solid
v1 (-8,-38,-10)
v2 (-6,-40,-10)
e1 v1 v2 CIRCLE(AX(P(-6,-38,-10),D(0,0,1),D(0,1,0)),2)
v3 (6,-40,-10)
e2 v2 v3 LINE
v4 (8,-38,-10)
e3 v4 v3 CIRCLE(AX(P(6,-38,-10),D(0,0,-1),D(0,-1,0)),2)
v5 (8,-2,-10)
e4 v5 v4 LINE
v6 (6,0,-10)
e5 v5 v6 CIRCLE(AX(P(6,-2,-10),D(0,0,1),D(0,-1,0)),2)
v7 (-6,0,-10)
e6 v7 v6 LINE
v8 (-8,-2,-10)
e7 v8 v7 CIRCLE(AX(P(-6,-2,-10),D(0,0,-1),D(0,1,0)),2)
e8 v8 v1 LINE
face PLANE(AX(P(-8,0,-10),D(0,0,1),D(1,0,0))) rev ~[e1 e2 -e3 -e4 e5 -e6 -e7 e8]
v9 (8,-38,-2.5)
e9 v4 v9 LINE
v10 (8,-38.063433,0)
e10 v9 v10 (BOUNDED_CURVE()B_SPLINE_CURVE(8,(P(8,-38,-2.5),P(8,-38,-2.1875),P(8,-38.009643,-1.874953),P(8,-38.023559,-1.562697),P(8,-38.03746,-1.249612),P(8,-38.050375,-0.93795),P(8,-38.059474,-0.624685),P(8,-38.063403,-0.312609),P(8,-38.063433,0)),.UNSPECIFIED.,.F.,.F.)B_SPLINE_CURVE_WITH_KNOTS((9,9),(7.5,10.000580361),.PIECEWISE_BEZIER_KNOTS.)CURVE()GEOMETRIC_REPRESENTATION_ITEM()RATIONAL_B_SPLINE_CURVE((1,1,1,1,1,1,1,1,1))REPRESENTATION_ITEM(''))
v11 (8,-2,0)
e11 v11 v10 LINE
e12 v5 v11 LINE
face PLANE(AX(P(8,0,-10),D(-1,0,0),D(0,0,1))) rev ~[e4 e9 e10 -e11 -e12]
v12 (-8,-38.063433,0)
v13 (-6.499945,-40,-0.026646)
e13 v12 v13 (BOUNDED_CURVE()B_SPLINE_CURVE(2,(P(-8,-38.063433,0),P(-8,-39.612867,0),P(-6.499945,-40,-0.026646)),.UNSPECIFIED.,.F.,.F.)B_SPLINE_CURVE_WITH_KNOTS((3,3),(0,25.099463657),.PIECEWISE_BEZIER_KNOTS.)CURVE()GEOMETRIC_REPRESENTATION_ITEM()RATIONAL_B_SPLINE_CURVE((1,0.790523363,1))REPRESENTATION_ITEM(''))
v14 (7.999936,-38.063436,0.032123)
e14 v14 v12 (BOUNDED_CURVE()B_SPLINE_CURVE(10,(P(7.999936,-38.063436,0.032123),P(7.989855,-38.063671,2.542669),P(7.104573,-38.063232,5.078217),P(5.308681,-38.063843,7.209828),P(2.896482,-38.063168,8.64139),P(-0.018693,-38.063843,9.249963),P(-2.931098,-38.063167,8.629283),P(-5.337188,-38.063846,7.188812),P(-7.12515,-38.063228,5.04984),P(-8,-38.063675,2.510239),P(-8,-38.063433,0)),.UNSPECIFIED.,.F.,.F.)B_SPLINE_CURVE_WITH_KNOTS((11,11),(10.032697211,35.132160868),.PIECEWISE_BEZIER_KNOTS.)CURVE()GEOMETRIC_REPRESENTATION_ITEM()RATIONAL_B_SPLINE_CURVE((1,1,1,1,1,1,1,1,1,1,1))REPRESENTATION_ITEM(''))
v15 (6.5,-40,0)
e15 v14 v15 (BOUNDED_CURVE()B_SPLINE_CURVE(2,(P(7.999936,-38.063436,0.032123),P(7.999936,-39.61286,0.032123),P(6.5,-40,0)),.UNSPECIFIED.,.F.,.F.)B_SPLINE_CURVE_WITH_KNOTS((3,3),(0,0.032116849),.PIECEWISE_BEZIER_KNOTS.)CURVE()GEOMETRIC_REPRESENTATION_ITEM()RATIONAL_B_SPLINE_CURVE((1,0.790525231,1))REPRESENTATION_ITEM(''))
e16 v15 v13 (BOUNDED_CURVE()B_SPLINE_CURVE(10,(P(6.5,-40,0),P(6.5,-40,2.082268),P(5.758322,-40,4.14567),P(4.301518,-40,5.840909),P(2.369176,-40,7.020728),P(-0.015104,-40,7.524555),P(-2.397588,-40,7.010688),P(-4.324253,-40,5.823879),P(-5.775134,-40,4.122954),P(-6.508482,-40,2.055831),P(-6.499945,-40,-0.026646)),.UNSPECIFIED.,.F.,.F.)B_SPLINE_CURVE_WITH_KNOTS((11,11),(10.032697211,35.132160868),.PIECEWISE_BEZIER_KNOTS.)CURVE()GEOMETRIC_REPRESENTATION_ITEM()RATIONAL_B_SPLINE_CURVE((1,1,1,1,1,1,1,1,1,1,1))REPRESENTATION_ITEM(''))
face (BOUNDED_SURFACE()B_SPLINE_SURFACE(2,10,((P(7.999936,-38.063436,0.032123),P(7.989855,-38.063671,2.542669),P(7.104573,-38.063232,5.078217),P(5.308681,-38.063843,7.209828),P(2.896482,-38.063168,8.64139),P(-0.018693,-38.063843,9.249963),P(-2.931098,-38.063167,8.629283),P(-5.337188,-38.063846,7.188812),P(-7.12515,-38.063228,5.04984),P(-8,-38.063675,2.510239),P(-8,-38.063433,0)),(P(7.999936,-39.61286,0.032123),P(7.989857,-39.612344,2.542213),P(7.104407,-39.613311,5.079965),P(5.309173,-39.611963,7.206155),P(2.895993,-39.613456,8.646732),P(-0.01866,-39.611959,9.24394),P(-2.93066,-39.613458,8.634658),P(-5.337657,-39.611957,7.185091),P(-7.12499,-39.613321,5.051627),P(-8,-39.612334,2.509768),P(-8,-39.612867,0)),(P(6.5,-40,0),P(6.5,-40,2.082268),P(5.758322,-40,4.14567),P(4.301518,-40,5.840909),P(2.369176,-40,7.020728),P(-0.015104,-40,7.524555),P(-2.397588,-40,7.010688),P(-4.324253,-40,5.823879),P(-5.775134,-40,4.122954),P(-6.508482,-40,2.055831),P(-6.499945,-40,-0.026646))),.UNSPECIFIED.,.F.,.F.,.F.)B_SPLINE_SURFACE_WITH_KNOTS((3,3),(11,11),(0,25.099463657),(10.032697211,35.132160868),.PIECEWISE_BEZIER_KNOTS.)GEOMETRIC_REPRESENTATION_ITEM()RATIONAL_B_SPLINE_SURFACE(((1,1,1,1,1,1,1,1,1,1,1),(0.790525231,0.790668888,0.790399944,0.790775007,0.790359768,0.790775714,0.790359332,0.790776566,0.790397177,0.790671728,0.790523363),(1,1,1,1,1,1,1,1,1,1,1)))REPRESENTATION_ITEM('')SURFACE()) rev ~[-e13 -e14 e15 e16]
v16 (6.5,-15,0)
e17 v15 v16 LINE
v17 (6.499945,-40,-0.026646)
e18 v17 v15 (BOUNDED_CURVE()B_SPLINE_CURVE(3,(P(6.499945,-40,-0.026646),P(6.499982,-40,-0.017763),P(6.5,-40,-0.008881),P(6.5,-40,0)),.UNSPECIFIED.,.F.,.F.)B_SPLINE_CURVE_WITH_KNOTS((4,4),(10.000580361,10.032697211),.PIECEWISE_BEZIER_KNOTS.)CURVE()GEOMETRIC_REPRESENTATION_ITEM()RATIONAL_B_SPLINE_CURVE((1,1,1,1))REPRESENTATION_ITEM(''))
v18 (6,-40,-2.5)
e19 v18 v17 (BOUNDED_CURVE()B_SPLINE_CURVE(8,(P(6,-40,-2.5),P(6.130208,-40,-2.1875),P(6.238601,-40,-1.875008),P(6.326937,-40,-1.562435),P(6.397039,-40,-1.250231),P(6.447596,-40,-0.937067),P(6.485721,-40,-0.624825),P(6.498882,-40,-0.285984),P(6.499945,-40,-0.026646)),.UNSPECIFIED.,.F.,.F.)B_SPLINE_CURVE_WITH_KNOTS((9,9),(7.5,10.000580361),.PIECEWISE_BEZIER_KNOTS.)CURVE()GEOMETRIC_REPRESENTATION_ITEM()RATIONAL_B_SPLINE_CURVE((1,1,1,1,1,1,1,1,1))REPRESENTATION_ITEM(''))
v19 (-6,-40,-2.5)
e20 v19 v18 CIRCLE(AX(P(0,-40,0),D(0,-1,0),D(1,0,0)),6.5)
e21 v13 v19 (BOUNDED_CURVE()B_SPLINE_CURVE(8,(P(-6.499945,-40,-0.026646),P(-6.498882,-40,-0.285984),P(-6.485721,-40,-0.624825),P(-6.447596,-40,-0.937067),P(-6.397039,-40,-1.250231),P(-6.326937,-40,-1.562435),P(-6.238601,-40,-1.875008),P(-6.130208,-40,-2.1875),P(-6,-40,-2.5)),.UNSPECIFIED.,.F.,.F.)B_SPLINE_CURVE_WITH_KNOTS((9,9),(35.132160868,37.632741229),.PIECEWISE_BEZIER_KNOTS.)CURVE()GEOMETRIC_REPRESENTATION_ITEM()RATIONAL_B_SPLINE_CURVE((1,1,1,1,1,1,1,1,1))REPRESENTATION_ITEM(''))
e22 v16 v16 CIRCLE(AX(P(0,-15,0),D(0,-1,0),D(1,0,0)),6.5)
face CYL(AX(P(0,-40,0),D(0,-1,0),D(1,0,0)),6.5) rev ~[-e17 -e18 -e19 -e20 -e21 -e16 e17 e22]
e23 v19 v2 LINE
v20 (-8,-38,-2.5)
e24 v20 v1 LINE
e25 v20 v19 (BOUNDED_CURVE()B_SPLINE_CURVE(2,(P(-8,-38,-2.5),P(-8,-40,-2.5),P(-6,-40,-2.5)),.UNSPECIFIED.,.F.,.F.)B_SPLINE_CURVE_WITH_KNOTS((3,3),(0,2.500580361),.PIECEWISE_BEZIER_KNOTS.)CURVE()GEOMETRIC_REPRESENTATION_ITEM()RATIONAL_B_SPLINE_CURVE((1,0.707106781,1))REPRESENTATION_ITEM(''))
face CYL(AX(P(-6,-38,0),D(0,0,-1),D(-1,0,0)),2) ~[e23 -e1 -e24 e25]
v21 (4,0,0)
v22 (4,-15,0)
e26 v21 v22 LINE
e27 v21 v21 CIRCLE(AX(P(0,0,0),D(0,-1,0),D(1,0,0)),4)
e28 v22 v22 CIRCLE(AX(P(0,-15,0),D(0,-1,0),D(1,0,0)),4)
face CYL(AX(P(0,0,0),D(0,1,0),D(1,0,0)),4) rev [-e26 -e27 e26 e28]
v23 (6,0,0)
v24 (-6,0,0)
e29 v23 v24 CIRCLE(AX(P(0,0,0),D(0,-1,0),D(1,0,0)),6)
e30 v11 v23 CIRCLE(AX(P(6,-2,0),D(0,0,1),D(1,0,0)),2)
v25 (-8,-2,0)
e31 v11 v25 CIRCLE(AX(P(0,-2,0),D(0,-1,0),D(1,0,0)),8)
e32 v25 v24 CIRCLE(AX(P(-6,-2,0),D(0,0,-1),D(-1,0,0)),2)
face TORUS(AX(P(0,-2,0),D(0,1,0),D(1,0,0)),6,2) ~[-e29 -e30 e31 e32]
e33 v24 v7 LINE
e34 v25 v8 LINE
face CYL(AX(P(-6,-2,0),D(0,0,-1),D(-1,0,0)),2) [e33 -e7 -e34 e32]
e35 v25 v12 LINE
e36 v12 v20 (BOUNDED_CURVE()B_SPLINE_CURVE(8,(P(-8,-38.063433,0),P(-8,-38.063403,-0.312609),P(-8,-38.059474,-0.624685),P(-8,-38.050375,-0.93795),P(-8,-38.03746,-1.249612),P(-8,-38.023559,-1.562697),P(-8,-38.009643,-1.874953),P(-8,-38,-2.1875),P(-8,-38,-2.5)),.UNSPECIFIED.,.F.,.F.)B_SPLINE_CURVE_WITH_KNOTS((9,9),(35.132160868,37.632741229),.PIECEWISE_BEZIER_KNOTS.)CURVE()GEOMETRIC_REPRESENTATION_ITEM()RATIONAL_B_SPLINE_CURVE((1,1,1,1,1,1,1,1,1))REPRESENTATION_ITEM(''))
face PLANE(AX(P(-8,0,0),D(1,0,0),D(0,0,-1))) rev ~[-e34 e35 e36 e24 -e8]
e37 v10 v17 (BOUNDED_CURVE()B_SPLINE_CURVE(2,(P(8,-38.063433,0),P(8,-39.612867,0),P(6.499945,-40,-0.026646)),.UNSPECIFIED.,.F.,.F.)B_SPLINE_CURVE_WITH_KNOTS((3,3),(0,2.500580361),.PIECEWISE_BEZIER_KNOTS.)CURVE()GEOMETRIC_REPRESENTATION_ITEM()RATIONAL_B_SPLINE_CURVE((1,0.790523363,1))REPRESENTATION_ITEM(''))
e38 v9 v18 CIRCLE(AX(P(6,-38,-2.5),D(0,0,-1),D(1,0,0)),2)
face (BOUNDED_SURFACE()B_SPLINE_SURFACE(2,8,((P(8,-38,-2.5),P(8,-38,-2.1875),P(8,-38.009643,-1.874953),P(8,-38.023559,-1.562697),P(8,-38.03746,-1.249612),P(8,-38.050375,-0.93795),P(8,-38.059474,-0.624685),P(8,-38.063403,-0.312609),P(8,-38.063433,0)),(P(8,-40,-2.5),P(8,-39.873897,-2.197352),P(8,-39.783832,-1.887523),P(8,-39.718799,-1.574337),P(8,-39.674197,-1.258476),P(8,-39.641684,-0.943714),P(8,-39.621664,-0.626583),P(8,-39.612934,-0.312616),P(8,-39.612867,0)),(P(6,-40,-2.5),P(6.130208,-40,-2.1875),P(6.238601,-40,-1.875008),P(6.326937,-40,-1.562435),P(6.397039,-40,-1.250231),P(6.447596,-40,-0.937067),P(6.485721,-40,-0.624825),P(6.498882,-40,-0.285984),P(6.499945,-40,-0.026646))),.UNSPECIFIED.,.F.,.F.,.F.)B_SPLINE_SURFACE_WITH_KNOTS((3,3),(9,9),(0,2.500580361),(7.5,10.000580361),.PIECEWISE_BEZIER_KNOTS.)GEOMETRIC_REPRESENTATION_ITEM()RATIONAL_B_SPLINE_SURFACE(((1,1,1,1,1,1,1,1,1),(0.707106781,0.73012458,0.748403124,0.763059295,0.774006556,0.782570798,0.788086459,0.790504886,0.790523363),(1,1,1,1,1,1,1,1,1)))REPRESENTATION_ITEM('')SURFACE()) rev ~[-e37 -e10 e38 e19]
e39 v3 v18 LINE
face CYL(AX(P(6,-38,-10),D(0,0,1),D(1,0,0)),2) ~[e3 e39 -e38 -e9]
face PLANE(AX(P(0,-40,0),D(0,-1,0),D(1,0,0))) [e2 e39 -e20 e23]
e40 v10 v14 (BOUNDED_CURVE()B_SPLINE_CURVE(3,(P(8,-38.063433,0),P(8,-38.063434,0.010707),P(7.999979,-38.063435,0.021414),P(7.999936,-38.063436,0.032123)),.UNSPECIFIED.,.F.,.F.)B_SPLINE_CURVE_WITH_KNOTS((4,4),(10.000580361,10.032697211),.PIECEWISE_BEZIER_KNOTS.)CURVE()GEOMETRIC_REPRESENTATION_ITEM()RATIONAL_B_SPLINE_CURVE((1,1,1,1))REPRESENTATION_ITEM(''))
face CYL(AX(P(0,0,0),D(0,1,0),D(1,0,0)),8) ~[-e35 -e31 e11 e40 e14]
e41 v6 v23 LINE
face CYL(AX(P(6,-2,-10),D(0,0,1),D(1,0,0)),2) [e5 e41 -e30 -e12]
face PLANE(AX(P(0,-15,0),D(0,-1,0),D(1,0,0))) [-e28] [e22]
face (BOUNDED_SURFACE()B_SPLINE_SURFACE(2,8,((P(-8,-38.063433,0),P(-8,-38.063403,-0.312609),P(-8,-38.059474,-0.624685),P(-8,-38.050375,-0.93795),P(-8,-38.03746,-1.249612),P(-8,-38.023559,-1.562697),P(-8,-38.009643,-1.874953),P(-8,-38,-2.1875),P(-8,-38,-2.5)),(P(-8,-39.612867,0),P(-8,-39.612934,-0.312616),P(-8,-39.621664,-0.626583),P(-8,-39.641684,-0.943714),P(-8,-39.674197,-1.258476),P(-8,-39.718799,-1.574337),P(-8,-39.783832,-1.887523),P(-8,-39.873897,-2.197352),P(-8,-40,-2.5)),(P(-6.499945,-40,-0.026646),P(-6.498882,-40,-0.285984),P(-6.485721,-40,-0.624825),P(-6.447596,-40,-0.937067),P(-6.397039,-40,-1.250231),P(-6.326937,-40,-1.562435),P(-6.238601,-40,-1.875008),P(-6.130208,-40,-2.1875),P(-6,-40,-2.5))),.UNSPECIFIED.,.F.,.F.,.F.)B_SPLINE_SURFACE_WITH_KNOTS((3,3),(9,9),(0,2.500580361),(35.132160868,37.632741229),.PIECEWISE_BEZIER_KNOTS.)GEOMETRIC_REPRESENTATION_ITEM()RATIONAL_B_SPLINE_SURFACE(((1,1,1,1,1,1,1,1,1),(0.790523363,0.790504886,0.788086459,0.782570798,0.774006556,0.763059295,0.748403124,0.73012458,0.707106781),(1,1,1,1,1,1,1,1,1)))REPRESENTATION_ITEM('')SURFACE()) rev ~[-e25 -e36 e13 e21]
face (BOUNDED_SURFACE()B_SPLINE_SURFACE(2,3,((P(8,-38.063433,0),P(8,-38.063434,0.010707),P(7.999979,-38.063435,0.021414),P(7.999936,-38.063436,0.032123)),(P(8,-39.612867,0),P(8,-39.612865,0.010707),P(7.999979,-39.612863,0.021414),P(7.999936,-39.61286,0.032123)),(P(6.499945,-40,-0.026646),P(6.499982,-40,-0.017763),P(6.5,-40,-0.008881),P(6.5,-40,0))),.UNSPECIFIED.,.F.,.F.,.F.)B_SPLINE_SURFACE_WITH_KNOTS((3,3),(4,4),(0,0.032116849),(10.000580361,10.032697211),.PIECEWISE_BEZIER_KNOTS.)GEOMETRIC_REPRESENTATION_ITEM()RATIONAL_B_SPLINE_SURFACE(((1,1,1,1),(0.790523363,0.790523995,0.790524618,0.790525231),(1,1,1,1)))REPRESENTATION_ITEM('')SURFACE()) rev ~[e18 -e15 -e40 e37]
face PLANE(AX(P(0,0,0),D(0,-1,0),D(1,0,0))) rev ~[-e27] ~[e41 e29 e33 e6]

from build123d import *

# Parameters (mm, degrees)
F0_R     = 4
F1_DEPTH = 40
F2_R     = 6.5
F2_R_2   = 4
F3_DEPTH = 25
F4_R     = 2


with BuildPart() as f1:
    # F0 (on Front) → F1 (new body)
    with BuildSketch(Plane.XZ):
        with BuildLine():
            ThreePointArc((-8, 0), (0, -8), (8, 0))
            ThreePointArc((8, 0), (0, 8), (-8, 0))
        make_face()
        Circle(F0_R, mode=Mode.SUBTRACT)
        with BuildLine():
            Line((8, -10), (8, 0))
            ThreePointArc((8, 0), (0, -8), (-8, 0))
            Line((-8, 0), (-8, -10))
            Line((-8, -10), (8, -10))
        make_face()
    extrude(amount=F1_DEPTH)

    # F2 (on face) → F3 (cut)
    with BuildSketch(Plane.XZ.offset(40)):
        Circle(F2_R)
        Circle(F2_R_2, mode=Mode.SUBTRACT)
    extrude(amount=-F3_DEPTH, mode=Mode.SUBTRACT)

    # F4
    f4_edges = [f1.edges().sort_by_distance(p)[0] for p in [
        (0, -40, 8),
        (0, 0, 8),
    ]]
    fillet(f4_edges, radius=F4_R)


solid = f1.part
